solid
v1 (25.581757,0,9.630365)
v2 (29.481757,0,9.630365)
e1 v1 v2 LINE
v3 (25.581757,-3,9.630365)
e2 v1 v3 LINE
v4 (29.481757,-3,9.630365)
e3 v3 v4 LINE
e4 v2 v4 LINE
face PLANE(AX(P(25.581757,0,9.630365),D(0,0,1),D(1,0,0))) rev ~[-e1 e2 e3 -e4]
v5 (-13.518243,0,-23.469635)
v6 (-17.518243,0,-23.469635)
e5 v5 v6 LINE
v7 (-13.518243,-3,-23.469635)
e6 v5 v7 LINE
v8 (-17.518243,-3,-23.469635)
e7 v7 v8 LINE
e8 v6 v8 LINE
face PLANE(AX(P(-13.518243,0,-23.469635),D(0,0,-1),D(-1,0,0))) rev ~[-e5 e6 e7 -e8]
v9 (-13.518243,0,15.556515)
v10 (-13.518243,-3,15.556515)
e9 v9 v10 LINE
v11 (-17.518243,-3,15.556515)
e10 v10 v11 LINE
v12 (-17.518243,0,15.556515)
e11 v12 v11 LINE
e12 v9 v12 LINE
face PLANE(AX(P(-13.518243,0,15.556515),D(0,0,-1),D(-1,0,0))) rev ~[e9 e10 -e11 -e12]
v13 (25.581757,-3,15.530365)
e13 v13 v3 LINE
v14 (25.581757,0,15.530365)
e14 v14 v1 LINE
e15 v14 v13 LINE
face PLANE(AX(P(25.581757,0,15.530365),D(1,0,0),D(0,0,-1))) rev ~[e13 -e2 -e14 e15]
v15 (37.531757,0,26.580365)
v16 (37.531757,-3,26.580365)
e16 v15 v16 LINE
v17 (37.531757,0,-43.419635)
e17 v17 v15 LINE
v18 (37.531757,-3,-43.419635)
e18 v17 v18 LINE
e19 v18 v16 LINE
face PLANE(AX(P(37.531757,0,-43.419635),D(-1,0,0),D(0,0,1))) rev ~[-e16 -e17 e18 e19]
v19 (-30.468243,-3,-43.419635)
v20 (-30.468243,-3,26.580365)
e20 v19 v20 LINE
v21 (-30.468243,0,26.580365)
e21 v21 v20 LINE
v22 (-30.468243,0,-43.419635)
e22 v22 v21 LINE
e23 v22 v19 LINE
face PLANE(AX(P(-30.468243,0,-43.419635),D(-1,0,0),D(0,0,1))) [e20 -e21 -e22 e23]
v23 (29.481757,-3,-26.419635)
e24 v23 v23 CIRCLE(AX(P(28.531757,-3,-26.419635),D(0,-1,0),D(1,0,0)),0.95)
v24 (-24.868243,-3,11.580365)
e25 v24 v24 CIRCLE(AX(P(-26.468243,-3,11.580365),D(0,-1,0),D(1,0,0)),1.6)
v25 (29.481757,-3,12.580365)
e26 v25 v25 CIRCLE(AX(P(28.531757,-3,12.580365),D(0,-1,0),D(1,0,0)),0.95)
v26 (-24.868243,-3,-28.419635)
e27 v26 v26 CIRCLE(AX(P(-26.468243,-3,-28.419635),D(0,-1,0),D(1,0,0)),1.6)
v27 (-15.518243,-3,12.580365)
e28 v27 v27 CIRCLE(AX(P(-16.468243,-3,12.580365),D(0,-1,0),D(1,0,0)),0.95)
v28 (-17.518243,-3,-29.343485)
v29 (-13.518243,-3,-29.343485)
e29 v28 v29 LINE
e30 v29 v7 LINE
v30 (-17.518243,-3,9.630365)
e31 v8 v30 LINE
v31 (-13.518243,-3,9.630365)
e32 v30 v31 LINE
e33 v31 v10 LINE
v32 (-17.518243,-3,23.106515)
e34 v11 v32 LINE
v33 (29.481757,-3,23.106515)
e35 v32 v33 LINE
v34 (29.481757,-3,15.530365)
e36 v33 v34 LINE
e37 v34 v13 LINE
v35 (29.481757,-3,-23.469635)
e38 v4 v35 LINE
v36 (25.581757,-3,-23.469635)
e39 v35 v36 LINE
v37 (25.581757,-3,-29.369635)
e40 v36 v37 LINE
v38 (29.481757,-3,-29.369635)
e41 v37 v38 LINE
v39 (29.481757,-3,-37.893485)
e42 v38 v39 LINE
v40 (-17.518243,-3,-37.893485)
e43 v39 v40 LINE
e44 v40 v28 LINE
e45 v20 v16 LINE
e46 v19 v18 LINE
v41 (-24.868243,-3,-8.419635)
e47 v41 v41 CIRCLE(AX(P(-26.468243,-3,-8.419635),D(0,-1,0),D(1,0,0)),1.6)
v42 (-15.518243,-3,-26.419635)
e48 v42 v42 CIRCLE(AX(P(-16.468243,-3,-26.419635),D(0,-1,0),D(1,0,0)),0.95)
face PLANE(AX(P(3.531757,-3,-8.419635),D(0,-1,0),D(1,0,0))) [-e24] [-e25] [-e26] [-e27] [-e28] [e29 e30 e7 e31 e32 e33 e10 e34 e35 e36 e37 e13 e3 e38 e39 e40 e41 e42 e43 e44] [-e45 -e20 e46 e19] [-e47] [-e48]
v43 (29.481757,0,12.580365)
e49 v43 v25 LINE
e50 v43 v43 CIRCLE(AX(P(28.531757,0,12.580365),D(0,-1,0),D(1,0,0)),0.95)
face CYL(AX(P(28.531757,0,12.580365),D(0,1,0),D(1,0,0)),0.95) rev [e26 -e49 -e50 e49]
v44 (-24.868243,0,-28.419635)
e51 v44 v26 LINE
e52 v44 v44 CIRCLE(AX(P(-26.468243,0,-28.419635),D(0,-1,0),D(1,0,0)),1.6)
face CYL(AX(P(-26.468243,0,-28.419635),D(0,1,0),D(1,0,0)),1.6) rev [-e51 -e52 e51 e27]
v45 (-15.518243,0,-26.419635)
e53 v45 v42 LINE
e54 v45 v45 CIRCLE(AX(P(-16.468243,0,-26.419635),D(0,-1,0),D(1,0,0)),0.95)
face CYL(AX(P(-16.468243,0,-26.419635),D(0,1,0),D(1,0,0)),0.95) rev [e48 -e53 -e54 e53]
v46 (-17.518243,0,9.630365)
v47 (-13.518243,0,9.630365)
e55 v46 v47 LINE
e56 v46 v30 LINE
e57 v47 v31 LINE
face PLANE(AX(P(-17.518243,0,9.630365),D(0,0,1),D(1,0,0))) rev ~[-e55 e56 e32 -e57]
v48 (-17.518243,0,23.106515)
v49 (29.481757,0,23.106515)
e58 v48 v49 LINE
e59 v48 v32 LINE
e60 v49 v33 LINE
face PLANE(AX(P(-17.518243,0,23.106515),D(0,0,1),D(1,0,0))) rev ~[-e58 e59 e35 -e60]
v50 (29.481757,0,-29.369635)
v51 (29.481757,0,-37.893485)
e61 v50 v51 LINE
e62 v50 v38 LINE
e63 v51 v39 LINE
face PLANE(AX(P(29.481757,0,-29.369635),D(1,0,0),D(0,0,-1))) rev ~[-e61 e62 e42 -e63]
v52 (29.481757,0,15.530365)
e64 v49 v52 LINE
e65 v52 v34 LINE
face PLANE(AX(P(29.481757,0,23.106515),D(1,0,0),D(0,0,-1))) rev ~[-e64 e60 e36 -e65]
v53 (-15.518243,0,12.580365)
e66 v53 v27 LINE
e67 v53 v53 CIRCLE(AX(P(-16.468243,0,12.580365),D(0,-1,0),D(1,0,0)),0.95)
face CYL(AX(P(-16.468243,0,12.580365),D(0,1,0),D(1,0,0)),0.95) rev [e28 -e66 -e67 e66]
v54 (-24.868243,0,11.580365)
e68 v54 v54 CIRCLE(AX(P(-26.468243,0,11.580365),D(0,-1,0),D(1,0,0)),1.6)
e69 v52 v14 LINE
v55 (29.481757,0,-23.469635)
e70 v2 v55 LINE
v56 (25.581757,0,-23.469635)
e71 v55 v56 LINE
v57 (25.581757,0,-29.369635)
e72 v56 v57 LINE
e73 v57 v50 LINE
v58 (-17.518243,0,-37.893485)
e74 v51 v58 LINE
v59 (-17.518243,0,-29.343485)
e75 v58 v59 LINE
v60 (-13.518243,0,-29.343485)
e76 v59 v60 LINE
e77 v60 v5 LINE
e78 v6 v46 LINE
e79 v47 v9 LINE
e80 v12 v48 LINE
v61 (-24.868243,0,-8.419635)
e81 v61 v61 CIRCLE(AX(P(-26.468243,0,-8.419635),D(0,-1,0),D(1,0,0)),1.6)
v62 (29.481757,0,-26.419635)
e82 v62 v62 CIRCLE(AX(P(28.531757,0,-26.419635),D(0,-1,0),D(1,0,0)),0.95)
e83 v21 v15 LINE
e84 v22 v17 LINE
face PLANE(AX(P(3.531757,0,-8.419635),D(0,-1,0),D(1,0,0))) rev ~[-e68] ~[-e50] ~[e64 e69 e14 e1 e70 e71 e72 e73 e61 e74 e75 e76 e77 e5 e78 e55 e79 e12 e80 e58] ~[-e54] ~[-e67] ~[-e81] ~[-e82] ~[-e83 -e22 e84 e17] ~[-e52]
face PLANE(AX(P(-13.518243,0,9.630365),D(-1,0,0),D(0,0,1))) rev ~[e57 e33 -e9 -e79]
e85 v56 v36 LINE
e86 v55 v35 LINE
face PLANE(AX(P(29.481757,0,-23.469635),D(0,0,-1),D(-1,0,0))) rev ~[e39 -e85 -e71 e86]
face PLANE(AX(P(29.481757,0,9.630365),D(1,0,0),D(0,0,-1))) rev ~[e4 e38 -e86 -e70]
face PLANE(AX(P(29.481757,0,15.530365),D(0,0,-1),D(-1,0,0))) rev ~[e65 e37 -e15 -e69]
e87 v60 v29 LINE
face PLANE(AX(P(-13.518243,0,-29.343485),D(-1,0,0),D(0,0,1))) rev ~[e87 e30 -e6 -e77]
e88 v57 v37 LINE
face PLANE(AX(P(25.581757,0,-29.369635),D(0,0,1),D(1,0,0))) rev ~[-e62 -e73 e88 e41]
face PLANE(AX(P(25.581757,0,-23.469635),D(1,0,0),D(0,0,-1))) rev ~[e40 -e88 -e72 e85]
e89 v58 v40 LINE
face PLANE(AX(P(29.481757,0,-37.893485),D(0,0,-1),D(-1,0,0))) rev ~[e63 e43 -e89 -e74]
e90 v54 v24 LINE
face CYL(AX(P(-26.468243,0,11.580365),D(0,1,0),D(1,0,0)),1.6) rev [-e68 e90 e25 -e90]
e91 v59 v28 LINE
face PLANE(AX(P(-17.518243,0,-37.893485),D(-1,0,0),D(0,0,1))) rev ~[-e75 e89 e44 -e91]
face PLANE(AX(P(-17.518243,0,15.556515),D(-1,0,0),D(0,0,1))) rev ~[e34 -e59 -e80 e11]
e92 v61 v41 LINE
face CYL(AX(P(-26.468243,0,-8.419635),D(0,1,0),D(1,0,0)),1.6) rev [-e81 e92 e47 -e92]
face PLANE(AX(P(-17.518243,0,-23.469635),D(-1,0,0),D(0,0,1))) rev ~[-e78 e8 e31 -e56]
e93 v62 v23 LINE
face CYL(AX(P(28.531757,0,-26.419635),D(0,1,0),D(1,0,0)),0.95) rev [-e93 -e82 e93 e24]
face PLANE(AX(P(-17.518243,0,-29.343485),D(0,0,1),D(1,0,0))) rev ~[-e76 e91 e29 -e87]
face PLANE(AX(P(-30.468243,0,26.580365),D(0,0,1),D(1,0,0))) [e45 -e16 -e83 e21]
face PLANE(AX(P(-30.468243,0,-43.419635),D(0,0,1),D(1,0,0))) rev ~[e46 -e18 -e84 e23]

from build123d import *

# Parameters (mm, degrees)
F0_W     = 68
F0_H     = 70
F0_R     = 1.6
F0_R_2   = 0.95
F1_DEPTH = 3


with BuildPart() as f1:
    # F0 (on Front) → F1 (new body)
    with BuildSketch(Plane.XZ):
        with Locations((3.531757, -8.419635)):
            Rectangle(F0_W, F0_H)
        with Locations((-26.468243, -28.419635)):
            Circle(F0_R, mode=Mode.SUBTRACT)
        with Locations((-16.468243, -26.419635)):
            Circle(F0_R_2, mode=Mode.SUBTRACT)
        with Locations((28.531757, -26.419635)):
            Circle(F0_R_2, mode=Mode.SUBTRACT)
        with Locations((-26.468243, -8.419635)):
            Circle(F0_R, mode=Mode.SUBTRACT)
        with Locations((-26.468243, 11.580365)):
            Circle(F0_R, mode=Mode.SUBTRACT)
        with Locations((-16.468243, 12.580365)):
            Circle(F0_R_2, mode=Mode.SUBTRACT)
        Polygon((-17.518243, 15.556515), (-17.518243, 23.106515), (29.481757, 23.106515), (29.481757, 15.530365), (25.581757, 15.530365), (25.581757, 9.630365), (29.481757, 9.630365), (29.481757, -23.469635), (25.581757, -23.469635), (25.581757, -29.369635), (29.481757, -29.369635), (29.481757, -37.893485), (-17.518243, -37.893485), (-17.518243, -29.343485), (-13.518243, -29.343485), (-13.518243, -23.469635), (-17.518243, -23.469635), (-17.518243, 9.630365), (-13.518243, 9.630365), (-13.518243, 15.556515), align=None, mode=Mode.SUBTRACT)
        with Locations((28.531757, 12.580365)):
            Circle(F0_R_2, mode=Mode.SUBTRACT)
    extrude(amount=F1_DEPTH)


solid = f1.part
